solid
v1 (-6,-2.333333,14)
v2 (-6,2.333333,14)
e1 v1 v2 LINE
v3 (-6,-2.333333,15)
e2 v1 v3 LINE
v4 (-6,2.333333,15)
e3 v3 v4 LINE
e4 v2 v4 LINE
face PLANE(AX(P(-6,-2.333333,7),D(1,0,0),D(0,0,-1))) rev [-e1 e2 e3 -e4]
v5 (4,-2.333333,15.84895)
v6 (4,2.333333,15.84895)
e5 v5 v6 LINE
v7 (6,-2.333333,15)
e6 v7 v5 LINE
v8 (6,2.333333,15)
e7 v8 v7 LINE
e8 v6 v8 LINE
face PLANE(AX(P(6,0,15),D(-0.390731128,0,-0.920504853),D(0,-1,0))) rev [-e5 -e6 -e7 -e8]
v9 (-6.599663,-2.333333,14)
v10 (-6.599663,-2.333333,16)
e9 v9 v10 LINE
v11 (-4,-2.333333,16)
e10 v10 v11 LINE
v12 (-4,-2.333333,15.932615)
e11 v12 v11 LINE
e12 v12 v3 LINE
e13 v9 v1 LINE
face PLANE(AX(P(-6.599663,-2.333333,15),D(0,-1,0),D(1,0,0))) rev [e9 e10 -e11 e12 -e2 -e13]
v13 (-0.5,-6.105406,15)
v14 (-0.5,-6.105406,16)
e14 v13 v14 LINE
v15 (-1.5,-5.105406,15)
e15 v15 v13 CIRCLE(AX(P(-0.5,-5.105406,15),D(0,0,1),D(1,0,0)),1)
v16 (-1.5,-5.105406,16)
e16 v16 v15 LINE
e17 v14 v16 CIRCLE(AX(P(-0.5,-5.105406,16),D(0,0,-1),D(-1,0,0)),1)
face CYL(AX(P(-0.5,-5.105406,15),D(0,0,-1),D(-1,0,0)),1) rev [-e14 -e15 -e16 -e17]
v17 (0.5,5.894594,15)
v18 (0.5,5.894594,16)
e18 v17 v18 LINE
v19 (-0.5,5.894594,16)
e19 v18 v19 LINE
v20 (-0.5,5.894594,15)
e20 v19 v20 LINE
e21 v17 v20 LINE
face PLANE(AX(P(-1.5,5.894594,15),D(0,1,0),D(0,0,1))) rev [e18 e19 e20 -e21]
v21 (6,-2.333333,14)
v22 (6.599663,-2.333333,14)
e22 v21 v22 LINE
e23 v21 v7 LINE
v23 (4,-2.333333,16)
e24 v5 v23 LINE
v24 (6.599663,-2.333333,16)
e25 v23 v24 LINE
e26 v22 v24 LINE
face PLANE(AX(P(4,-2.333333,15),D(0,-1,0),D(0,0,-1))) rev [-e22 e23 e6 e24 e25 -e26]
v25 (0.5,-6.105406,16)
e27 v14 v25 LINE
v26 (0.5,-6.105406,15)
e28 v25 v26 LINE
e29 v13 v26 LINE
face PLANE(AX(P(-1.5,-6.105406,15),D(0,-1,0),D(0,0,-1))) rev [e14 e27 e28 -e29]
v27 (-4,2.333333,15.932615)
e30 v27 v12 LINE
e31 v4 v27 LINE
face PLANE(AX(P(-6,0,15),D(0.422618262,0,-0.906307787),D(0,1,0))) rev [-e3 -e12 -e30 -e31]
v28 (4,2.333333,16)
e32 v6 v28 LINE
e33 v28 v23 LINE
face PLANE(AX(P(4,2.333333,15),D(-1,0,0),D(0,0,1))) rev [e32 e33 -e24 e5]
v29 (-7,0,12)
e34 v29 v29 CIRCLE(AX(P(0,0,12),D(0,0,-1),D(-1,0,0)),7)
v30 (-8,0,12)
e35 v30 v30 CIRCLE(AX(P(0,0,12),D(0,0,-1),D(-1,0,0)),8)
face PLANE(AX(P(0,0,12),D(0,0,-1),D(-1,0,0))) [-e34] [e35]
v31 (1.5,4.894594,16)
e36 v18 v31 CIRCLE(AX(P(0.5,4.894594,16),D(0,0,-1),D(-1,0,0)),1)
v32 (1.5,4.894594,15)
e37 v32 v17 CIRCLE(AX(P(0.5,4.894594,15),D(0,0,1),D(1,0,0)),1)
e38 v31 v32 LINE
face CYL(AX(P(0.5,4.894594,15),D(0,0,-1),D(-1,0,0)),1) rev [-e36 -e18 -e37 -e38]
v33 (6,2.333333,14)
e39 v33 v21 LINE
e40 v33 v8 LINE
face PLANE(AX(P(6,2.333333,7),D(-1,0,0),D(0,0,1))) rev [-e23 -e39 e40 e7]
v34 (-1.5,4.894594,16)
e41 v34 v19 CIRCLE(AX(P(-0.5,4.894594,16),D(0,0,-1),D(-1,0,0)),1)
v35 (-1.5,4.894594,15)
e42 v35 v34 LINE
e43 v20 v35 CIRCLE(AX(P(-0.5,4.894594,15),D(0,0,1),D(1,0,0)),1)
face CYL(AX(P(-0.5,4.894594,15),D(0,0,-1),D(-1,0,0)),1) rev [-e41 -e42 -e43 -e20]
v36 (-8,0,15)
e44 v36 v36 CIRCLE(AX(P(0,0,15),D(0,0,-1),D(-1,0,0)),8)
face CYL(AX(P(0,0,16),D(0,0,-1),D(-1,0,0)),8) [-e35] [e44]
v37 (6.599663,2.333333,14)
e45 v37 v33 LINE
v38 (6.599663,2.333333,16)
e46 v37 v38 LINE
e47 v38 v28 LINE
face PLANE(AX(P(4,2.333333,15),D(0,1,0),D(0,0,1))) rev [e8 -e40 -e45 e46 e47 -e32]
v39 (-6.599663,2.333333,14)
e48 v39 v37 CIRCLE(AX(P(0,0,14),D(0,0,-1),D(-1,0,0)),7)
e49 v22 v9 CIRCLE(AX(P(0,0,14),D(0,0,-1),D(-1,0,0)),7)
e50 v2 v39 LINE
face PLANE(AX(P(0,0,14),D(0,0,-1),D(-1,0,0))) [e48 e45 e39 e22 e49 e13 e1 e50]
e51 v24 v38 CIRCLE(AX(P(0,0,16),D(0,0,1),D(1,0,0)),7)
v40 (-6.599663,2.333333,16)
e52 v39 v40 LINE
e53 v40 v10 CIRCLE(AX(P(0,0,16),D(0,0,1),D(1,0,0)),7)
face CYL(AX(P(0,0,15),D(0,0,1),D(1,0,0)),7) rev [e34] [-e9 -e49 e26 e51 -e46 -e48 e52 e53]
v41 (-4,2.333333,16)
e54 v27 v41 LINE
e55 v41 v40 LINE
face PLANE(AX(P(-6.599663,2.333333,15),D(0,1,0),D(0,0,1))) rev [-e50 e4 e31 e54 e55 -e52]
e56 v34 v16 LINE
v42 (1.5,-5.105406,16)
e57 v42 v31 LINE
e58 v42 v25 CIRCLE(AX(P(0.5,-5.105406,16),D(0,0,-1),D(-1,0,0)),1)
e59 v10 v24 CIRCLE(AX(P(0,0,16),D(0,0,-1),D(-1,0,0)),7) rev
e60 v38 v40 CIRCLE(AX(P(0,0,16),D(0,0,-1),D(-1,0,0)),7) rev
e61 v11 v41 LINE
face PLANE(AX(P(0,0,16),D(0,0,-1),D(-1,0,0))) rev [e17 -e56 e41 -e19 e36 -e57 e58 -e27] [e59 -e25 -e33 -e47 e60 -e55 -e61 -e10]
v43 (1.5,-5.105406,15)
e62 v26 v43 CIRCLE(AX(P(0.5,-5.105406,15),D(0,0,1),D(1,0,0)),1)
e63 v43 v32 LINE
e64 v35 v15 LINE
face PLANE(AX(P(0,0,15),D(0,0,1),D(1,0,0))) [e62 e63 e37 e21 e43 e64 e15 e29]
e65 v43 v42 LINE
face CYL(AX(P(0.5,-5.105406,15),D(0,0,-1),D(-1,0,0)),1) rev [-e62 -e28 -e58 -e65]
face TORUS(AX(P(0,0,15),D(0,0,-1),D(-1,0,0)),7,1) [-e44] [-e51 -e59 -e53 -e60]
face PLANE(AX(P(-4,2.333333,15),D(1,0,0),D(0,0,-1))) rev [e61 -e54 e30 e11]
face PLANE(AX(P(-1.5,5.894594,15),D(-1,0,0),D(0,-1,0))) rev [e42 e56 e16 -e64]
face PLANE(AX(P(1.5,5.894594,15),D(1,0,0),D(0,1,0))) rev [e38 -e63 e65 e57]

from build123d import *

# Parameters (mm, degrees)
SKETCH_1_R          = 8
EXTRUDE_1_DEPTH     = 4
FILLET_1_R          = 1
SKETCH_3_W          = 3
SKETCH_3_H          = 12
CUT_EXTRUDE_1_DEPTH = 1
FILLET_2_R          = 1
CUT_EXTRUDE_2_DEPTH = 1
CHAMFER_2_SIZE      = 2
CHAMFER_2_SIZE2     = 0.932615316
CHAMFER_5_SIZE      = 2
CHAMFER_5_SIZE2     = 0.848949632
CUT_EXTRUDE_3_DEPTH = 8
CUT_EXTRUDE_START   = -2
SKETCH_7_R          = 7
CUT_EXTRUDE_4_DEPTH = 2


with BuildPart() as part:
    # 草图1 → 凸台-拉伸1 (new body)
    with BuildSketch(Plane(origin=(0, 0, 12), x_dir=(-1, 0, 0), z_dir=(0, 0, -1))):
        Circle(SKETCH_1_R)
    extrude(amount=-EXTRUDE_1_DEPTH)

    # 圆角1
    fillet_1_edges = [part.edges().sort_by_distance(p)[0] for p in [
        (8, 0, 16),
    ]]
    fillet(fillet_1_edges, radius=FILLET_1_R)

    # 草图3 → 切除-拉伸1 (cut)
    with BuildSketch(Plane.XY.offset(16)):
        with Locations((0, -0.105406486)):
            Rectangle(SKETCH_3_W, SKETCH_3_H)
    extrude(amount=-CUT_EXTRUDE_1_DEPTH, mode=Mode.SUBTRACT)

    # 圆角2
    fillet_2_edges = [part.edges().sort_by_distance(p)[0] for p in [
        (-1.5, -6.105406486, 15.5),
        (-1.5, 5.894593514, 15.5),
        (1.5, 5.894593514, 15.5),
        (1.5, -6.105406486, 15.5),
    ]]
    fillet(fillet_2_edges, radius=FILLET_2_R)

    # 草图4 → 切除-拉伸2 (cut)
    with BuildSketch(Plane.XY.offset(16)):
        with BuildLine():
            Line((-6.599663291, 2.333333333), (-4, 2.333333333))
            Line((-4, 2.333333333), (-4, -2.333333333))
            Line((-4, -2.333333333), (-6.599663291, -2.333333333))
            ThreePointArc((-6.599663291, -2.333333333), (-7, 0), (-6.599663291, 2.333333333))
        make_face()
        with BuildLine():
            Line((4, -2.333333333), (6.599663291, -2.333333333))
            ThreePointArc((6.599663291, -2.333333333), (7, 0), (6.599663291, 2.333333333))
            Line((6.599663291, 2.333333333), (4, 2.333333333))
            Line((4, 2.333333333), (4, -2.333333333))
        make_face()
    extrude(amount=-CUT_EXTRUDE_2_DEPTH, mode=Mode.SUBTRACT)

    # 倒角2
    chamfer_2_edges = [part.edges().sort_by_distance(p)[0] for p in [
        (-4, 0, 15),
    ]]
    chamfer_2_side = [part.faces().sort_by_distance(p)[0] for p in [
        (-5.436521823, 0, 15),
    ]]
    chamfer(chamfer_2_edges, length=CHAMFER_2_SIZE, length2=CHAMFER_2_SIZE2, reference=chamfer_2_side[0])

    # 倒角5
    chamfer_5_edges = [part.edges().sort_by_distance(p)[0] for p in [
        (4, 0, 15),
    ]]
    chamfer_5_side = [part.faces().sort_by_distance(p)[0] for p in [
        (5.436521823, 0, 15),
    ]]
    chamfer(chamfer_5_edges, length=CHAMFER_5_SIZE, length2=CHAMFER_5_SIZE2, reference=chamfer_5_side[0])

    # 草图6 → 切除-拉伸3 (cut)
    with BuildSketch(Plane.XY.offset(15)):
        with BuildLine():
            Line((-6.599663291, -2.333333333), (-6, -2.333333333))
            Line((-6, -2.333333333), (-6, 2.333333333))
            Line((-6, 2.333333333), (-6.599663291, 2.333333333))
            ThreePointArc((-6.599663291, 2.333333333), (-7, 0), (-6.599663291, -2.333333333))
        make_face()
        with BuildLine():
            Line((6.599663291, 2.333333333), (6, 2.333333333))
            Line((6, 2.333333333), (6, -2.333333333))
            Line((6, -2.333333333), (6.599663291, -2.333333333))
            ThreePointArc((6.599663291, -2.333333333), (7, 0), (6.599663291, 2.333333333))
        make_face()
    extrude(amount=-CUT_EXTRUDE_3_DEPTH, mode=Mode.SUBTRACT)

    # 草图7 → 切除-拉伸4 (cut)
    with BuildSketch(Plane(origin=(0, 0, 12), x_dir=(-1, 0, 0), z_dir=(0, 0, -1)).offset(CUT_EXTRUDE_START)):
        Circle(SKETCH_7_R)
    extrude(amount=CUT_EXTRUDE_4_DEPTH, mode=Mode.SUBTRACT)


solid = part.part
